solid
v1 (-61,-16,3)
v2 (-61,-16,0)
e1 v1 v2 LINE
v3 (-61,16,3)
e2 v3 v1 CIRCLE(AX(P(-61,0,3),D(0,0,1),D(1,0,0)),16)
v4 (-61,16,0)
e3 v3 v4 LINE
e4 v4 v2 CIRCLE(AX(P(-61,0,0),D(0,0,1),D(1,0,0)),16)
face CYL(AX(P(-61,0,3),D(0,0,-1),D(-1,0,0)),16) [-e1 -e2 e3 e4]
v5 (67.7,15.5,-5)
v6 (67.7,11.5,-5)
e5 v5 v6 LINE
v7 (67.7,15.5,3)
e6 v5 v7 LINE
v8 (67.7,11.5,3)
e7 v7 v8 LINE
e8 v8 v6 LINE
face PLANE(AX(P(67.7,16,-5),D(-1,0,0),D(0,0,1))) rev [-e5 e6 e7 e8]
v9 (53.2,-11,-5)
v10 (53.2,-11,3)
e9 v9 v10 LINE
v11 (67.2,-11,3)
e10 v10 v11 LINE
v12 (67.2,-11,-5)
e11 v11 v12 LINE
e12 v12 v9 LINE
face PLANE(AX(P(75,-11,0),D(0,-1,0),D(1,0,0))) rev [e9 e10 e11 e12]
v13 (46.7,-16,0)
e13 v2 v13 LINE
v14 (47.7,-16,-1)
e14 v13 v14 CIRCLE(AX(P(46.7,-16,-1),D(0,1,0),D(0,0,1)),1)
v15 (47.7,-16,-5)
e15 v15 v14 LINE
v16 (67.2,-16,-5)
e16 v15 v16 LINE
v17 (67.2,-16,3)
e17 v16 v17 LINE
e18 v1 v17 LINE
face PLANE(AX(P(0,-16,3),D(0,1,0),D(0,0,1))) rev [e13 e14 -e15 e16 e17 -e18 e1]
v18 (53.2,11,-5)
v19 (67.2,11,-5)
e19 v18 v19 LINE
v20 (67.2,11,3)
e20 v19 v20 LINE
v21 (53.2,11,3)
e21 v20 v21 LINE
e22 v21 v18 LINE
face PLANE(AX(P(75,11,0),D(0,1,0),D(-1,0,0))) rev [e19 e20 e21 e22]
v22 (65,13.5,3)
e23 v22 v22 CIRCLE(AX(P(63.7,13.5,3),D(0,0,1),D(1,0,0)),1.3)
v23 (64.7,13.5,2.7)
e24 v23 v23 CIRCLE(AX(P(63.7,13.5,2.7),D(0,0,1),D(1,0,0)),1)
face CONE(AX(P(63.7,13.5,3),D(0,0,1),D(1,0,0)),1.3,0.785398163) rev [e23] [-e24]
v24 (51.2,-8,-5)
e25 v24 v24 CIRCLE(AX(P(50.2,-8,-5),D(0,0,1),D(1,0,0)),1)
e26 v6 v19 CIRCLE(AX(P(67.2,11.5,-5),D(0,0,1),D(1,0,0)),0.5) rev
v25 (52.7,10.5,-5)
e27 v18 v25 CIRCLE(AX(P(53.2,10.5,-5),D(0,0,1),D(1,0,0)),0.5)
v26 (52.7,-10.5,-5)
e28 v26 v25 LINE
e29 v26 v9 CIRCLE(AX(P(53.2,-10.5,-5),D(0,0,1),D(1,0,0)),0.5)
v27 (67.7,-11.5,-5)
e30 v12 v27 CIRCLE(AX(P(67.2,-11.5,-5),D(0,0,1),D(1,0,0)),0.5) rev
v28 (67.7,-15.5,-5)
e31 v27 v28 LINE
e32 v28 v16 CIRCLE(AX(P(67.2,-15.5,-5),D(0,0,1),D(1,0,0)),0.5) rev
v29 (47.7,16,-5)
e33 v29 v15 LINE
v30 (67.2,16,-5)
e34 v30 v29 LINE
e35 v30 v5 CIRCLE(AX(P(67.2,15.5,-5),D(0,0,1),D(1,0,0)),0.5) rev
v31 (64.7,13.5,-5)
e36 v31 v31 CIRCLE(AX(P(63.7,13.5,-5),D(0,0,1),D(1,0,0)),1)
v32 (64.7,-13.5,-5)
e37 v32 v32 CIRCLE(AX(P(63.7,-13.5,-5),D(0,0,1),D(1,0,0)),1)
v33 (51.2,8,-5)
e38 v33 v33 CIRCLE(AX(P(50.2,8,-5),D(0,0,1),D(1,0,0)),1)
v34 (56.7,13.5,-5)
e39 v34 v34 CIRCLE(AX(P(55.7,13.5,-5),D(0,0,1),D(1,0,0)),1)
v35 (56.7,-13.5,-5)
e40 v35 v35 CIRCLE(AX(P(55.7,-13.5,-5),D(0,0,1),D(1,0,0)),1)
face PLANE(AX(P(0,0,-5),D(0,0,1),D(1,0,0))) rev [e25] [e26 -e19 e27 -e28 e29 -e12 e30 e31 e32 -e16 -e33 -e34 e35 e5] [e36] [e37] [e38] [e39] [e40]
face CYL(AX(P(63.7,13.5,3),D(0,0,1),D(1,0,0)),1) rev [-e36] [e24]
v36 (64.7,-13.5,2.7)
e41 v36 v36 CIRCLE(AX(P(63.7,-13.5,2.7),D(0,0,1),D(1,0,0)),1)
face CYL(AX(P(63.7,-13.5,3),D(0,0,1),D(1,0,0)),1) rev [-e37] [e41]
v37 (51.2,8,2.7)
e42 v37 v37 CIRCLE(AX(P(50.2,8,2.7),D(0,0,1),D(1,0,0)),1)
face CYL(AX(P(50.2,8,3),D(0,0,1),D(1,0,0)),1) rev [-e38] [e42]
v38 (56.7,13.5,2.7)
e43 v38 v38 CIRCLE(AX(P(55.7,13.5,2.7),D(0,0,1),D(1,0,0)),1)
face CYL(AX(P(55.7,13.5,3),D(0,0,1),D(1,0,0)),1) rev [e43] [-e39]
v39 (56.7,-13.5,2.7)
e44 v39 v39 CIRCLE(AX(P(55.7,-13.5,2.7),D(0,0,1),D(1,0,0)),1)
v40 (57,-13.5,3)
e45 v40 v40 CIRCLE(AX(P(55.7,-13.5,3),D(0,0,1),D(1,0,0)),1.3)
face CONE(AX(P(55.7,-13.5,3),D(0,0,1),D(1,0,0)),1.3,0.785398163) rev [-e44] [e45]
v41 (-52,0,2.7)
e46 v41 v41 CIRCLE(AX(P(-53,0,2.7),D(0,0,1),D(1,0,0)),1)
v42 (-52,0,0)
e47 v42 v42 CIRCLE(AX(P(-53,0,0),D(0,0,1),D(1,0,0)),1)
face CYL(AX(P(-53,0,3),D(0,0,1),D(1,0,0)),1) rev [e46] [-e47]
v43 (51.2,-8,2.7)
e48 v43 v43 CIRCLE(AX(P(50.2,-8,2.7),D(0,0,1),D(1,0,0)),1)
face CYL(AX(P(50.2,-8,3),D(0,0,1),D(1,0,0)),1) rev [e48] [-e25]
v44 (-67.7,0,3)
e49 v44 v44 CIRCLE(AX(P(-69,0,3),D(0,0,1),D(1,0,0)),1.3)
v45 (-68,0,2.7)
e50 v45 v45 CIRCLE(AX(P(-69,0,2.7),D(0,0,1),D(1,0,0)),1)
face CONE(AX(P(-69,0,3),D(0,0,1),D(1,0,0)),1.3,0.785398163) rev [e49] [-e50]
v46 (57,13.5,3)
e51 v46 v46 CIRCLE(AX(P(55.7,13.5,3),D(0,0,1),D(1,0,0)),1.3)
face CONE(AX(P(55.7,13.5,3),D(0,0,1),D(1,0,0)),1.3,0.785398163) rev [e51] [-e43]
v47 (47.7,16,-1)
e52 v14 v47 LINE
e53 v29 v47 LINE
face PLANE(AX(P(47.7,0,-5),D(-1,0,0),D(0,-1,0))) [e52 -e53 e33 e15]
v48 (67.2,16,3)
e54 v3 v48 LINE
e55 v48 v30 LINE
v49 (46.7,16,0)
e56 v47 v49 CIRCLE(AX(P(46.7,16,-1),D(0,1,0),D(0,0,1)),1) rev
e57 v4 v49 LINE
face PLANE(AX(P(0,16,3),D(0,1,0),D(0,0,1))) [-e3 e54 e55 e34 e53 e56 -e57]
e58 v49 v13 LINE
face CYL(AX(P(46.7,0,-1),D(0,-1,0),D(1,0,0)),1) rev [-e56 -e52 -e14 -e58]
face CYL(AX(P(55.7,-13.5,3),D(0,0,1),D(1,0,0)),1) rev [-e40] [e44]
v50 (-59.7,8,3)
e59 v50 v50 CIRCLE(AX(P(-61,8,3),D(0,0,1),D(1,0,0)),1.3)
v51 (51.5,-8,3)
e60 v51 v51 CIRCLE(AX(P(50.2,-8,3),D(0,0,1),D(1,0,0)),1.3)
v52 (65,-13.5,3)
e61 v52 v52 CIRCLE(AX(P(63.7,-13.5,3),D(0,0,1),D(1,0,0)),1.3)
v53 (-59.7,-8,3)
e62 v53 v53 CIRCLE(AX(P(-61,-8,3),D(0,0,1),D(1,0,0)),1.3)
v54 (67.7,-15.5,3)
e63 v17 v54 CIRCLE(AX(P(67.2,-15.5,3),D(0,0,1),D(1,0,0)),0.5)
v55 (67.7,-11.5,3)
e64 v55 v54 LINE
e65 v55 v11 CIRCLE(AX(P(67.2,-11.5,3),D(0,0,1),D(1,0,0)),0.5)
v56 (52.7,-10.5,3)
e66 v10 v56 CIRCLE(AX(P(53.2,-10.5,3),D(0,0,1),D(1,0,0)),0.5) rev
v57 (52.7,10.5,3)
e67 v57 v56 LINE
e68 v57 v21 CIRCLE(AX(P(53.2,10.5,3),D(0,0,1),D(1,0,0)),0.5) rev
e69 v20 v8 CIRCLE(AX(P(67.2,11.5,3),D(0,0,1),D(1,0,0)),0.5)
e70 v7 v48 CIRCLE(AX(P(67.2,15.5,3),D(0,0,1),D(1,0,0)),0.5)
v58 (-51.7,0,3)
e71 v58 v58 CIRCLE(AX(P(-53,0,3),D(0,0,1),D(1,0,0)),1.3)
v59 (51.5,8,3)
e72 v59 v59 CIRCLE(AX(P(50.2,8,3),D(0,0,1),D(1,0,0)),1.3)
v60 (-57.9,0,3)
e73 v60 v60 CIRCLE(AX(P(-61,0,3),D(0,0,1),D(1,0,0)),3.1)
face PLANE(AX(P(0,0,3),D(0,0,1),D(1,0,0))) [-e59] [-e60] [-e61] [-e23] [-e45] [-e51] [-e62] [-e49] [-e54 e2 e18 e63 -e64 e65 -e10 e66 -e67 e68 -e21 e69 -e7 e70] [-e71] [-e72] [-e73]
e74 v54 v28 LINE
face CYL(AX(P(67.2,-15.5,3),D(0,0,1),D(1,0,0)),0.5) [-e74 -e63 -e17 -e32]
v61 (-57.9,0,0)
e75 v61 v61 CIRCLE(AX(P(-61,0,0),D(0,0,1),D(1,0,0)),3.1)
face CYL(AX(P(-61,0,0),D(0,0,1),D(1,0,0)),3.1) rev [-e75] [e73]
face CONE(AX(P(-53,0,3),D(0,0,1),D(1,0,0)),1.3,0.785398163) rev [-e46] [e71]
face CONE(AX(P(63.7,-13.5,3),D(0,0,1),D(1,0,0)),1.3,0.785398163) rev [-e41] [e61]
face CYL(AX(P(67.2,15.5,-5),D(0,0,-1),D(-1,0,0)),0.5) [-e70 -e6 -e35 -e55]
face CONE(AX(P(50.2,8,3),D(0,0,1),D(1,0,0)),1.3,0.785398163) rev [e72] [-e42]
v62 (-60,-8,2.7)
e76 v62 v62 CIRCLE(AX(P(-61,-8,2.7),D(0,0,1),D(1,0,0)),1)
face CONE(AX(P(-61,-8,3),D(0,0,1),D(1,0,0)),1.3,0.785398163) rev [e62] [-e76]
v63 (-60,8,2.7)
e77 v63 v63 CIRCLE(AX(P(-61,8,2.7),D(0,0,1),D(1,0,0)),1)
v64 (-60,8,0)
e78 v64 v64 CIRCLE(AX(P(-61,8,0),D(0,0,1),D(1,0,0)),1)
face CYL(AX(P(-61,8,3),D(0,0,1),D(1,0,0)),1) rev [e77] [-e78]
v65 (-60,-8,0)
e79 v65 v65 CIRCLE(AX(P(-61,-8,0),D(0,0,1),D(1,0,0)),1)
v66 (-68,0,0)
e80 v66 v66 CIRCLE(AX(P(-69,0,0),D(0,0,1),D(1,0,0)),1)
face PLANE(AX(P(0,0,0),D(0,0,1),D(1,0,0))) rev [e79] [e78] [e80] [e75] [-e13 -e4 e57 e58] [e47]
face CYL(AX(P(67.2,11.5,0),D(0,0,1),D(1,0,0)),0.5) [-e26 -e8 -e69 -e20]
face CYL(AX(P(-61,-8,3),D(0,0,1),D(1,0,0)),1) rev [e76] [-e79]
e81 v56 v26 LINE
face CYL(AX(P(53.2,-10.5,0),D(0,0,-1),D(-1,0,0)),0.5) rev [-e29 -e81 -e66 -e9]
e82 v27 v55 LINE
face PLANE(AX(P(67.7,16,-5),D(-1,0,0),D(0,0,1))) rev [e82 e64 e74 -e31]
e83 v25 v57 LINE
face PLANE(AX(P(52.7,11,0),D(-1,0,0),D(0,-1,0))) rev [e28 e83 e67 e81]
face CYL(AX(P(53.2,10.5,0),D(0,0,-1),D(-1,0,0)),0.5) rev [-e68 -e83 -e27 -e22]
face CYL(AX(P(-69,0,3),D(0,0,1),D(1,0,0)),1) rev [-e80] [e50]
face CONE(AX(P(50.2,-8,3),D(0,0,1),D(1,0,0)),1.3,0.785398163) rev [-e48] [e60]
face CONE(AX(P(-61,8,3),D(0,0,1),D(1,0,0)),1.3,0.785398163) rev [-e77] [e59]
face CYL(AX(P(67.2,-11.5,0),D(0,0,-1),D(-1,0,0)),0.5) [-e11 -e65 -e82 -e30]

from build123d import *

# Parameters (mm, degrees)
Y_KSEKLIK_EKSTR_ZYON1_DEPTH                    = 3
IZIM2_R                                        = 3.1
KES_EKSTR_ZYON1_DEPTH                          = 79.70196948
M2_D_Z_BA_L_MAKINE_VIDAS_IN_HAV_A1_D           = 2
M2_D_Z_BA_L_MAKINE_VIDAS_IN_HAV_A1_CSINK_D     = 2.6
M2_D_Z_BA_L_MAKINE_VIDAS_IN_HAV_A1_CSINK_ANGLE = 90
IZIM26_W                                       = 22.3
IZIM26_H                                       = 22
KES_EKSTR_ZYON4_DEPTH                          = 79.70196948
Y_KSEKLIK_EKSTR_ZYON3_DEPTH                    = 8
M2_D_Z_BA_L_MAKINE_VIDAS_IN_HAV_A2_D           = 2
M2_D_Z_BA_L_MAKINE_VIDAS_IN_HAV_A2_CSINK_D     = 2.6
M2_D_Z_BA_L_MAKINE_VIDAS_IN_HAV_A2_CSINK_ANGLE = 90
RADYUS1_R                                      = 1
IZIM38_W                                       = 7.3
IZIM38_H                                       = 32
KES_EKSTR_ZYON5_DEPTH                          = 80.050616696
RADYUS2_R                                      = 0.5


with BuildPart() as part:
    # Çizim1 → Yükseklik-Ekstrüzyon1 (new body)
    with BuildSketch(Plane.XY):
        with BuildLine():
            ThreePointArc((-61, 16), (-77, 0), (-61, -16))
            Line((-61, -16), (75, -16))
            Line((75, -16), (75, 16))
            Line((75, 16), (-61, 16))
        make_face()
    extrude(amount=Y_KSEKLIK_EKSTR_ZYON1_DEPTH)

    # Çizim2 → Kes-Ekstrüzyon1 (cut, through all)
    with BuildSketch(Plane.XY.offset(3)):
        with Locations((-61, 0)):
            Circle(IZIM2_R)
    extrude(amount=-KES_EKSTR_ZYON1_DEPTH, mode=Mode.SUBTRACT)

    # M2 Düz Başlı Makine Vidası İçin Havşa1 (through all)
    with Locations(Plane(origin=(-61, 8, 3), x_dir=(1, 0, 0), z_dir=(0, 0, 1))):
        with Locations((0, 0), (8, -8), (0, -16), (-8, -8)):
            CounterSinkHole(M2_D_Z_BA_L_MAKINE_VIDAS_IN_HAV_A1_D / 2, M2_D_Z_BA_L_MAKINE_VIDAS_IN_HAV_A1_CSINK_D / 2, counter_sink_angle=M2_D_Z_BA_L_MAKINE_VIDAS_IN_HAV_A1_CSINK_ANGLE)

    # Çizim26 → Kes-Ekstrüzyon4 (cut, through all)
    with BuildSketch(Plane.XY.offset(3)):
        with Locations((63.85, 0)):
            Rectangle(IZIM26_W, IZIM26_H)
    extrude(amount=-KES_EKSTR_ZYON4_DEPTH, mode=Mode.SUBTRACT)

    # Çizim33 → Yükseklik-Ekstrüzyon3 (add)
    with BuildSketch(Plane.XY.offset(3)):
        Polygon((75, 11), (75, 16), (47.7, 16), (47.7, -16), (75, -16), (75, -11), (52.7, -11), (52.7, 11), align=None)
    extrude(amount=-Y_KSEKLIK_EKSTR_ZYON3_DEPTH)

    # M2 Düz Başlı Makine Vidası İçin Havşa2 (through all)
    with Locations(Plane(origin=(71.7, 13.5, 3), x_dir=(1, 0, 0), z_dir=(0, 0, 1))):
        with Locations((0, 0), (-8, 0), (-16, 0), (-21.5, -5.5), (-21.5, -21.5), (-16, -27), (-8, -27), (0, -27)):
            CounterSinkHole(M2_D_Z_BA_L_MAKINE_VIDAS_IN_HAV_A2_D / 2, M2_D_Z_BA_L_MAKINE_VIDAS_IN_HAV_A2_CSINK_D / 2, counter_sink_angle=M2_D_Z_BA_L_MAKINE_VIDAS_IN_HAV_A2_CSINK_ANGLE)

    # Radyus1
    radyus1_edges = [part.edges().sort_by_distance(p)[0] for p in [
        (47.7, 0, 0),
    ]]
    fillet(radyus1_edges, radius=RADYUS1_R)

    # Çizim38 → Kes-Ekstrüzyon5 (cut, through all)
    with BuildSketch(Plane.XY.offset(3)):
        with Locations((71.35, 0)):
            Rectangle(IZIM38_W, IZIM38_H)
    extrude(amount=-KES_EKSTR_ZYON5_DEPTH, mode=Mode.SUBTRACT)

    # Radyus2
    radyus2_edges = [part.edges().sort_by_distance(p)[0] for p in [
        (67.7, -11, -1),
        (67.7, -16, -1),
        (67.7, 11, -1),
        (67.7, 16, -1),
        (52.7, -11, -1),
        (52.7, 11, -1),
    ]]
    fillet(radyus2_edges, radius=RADYUS2_R)


solid = part.part
